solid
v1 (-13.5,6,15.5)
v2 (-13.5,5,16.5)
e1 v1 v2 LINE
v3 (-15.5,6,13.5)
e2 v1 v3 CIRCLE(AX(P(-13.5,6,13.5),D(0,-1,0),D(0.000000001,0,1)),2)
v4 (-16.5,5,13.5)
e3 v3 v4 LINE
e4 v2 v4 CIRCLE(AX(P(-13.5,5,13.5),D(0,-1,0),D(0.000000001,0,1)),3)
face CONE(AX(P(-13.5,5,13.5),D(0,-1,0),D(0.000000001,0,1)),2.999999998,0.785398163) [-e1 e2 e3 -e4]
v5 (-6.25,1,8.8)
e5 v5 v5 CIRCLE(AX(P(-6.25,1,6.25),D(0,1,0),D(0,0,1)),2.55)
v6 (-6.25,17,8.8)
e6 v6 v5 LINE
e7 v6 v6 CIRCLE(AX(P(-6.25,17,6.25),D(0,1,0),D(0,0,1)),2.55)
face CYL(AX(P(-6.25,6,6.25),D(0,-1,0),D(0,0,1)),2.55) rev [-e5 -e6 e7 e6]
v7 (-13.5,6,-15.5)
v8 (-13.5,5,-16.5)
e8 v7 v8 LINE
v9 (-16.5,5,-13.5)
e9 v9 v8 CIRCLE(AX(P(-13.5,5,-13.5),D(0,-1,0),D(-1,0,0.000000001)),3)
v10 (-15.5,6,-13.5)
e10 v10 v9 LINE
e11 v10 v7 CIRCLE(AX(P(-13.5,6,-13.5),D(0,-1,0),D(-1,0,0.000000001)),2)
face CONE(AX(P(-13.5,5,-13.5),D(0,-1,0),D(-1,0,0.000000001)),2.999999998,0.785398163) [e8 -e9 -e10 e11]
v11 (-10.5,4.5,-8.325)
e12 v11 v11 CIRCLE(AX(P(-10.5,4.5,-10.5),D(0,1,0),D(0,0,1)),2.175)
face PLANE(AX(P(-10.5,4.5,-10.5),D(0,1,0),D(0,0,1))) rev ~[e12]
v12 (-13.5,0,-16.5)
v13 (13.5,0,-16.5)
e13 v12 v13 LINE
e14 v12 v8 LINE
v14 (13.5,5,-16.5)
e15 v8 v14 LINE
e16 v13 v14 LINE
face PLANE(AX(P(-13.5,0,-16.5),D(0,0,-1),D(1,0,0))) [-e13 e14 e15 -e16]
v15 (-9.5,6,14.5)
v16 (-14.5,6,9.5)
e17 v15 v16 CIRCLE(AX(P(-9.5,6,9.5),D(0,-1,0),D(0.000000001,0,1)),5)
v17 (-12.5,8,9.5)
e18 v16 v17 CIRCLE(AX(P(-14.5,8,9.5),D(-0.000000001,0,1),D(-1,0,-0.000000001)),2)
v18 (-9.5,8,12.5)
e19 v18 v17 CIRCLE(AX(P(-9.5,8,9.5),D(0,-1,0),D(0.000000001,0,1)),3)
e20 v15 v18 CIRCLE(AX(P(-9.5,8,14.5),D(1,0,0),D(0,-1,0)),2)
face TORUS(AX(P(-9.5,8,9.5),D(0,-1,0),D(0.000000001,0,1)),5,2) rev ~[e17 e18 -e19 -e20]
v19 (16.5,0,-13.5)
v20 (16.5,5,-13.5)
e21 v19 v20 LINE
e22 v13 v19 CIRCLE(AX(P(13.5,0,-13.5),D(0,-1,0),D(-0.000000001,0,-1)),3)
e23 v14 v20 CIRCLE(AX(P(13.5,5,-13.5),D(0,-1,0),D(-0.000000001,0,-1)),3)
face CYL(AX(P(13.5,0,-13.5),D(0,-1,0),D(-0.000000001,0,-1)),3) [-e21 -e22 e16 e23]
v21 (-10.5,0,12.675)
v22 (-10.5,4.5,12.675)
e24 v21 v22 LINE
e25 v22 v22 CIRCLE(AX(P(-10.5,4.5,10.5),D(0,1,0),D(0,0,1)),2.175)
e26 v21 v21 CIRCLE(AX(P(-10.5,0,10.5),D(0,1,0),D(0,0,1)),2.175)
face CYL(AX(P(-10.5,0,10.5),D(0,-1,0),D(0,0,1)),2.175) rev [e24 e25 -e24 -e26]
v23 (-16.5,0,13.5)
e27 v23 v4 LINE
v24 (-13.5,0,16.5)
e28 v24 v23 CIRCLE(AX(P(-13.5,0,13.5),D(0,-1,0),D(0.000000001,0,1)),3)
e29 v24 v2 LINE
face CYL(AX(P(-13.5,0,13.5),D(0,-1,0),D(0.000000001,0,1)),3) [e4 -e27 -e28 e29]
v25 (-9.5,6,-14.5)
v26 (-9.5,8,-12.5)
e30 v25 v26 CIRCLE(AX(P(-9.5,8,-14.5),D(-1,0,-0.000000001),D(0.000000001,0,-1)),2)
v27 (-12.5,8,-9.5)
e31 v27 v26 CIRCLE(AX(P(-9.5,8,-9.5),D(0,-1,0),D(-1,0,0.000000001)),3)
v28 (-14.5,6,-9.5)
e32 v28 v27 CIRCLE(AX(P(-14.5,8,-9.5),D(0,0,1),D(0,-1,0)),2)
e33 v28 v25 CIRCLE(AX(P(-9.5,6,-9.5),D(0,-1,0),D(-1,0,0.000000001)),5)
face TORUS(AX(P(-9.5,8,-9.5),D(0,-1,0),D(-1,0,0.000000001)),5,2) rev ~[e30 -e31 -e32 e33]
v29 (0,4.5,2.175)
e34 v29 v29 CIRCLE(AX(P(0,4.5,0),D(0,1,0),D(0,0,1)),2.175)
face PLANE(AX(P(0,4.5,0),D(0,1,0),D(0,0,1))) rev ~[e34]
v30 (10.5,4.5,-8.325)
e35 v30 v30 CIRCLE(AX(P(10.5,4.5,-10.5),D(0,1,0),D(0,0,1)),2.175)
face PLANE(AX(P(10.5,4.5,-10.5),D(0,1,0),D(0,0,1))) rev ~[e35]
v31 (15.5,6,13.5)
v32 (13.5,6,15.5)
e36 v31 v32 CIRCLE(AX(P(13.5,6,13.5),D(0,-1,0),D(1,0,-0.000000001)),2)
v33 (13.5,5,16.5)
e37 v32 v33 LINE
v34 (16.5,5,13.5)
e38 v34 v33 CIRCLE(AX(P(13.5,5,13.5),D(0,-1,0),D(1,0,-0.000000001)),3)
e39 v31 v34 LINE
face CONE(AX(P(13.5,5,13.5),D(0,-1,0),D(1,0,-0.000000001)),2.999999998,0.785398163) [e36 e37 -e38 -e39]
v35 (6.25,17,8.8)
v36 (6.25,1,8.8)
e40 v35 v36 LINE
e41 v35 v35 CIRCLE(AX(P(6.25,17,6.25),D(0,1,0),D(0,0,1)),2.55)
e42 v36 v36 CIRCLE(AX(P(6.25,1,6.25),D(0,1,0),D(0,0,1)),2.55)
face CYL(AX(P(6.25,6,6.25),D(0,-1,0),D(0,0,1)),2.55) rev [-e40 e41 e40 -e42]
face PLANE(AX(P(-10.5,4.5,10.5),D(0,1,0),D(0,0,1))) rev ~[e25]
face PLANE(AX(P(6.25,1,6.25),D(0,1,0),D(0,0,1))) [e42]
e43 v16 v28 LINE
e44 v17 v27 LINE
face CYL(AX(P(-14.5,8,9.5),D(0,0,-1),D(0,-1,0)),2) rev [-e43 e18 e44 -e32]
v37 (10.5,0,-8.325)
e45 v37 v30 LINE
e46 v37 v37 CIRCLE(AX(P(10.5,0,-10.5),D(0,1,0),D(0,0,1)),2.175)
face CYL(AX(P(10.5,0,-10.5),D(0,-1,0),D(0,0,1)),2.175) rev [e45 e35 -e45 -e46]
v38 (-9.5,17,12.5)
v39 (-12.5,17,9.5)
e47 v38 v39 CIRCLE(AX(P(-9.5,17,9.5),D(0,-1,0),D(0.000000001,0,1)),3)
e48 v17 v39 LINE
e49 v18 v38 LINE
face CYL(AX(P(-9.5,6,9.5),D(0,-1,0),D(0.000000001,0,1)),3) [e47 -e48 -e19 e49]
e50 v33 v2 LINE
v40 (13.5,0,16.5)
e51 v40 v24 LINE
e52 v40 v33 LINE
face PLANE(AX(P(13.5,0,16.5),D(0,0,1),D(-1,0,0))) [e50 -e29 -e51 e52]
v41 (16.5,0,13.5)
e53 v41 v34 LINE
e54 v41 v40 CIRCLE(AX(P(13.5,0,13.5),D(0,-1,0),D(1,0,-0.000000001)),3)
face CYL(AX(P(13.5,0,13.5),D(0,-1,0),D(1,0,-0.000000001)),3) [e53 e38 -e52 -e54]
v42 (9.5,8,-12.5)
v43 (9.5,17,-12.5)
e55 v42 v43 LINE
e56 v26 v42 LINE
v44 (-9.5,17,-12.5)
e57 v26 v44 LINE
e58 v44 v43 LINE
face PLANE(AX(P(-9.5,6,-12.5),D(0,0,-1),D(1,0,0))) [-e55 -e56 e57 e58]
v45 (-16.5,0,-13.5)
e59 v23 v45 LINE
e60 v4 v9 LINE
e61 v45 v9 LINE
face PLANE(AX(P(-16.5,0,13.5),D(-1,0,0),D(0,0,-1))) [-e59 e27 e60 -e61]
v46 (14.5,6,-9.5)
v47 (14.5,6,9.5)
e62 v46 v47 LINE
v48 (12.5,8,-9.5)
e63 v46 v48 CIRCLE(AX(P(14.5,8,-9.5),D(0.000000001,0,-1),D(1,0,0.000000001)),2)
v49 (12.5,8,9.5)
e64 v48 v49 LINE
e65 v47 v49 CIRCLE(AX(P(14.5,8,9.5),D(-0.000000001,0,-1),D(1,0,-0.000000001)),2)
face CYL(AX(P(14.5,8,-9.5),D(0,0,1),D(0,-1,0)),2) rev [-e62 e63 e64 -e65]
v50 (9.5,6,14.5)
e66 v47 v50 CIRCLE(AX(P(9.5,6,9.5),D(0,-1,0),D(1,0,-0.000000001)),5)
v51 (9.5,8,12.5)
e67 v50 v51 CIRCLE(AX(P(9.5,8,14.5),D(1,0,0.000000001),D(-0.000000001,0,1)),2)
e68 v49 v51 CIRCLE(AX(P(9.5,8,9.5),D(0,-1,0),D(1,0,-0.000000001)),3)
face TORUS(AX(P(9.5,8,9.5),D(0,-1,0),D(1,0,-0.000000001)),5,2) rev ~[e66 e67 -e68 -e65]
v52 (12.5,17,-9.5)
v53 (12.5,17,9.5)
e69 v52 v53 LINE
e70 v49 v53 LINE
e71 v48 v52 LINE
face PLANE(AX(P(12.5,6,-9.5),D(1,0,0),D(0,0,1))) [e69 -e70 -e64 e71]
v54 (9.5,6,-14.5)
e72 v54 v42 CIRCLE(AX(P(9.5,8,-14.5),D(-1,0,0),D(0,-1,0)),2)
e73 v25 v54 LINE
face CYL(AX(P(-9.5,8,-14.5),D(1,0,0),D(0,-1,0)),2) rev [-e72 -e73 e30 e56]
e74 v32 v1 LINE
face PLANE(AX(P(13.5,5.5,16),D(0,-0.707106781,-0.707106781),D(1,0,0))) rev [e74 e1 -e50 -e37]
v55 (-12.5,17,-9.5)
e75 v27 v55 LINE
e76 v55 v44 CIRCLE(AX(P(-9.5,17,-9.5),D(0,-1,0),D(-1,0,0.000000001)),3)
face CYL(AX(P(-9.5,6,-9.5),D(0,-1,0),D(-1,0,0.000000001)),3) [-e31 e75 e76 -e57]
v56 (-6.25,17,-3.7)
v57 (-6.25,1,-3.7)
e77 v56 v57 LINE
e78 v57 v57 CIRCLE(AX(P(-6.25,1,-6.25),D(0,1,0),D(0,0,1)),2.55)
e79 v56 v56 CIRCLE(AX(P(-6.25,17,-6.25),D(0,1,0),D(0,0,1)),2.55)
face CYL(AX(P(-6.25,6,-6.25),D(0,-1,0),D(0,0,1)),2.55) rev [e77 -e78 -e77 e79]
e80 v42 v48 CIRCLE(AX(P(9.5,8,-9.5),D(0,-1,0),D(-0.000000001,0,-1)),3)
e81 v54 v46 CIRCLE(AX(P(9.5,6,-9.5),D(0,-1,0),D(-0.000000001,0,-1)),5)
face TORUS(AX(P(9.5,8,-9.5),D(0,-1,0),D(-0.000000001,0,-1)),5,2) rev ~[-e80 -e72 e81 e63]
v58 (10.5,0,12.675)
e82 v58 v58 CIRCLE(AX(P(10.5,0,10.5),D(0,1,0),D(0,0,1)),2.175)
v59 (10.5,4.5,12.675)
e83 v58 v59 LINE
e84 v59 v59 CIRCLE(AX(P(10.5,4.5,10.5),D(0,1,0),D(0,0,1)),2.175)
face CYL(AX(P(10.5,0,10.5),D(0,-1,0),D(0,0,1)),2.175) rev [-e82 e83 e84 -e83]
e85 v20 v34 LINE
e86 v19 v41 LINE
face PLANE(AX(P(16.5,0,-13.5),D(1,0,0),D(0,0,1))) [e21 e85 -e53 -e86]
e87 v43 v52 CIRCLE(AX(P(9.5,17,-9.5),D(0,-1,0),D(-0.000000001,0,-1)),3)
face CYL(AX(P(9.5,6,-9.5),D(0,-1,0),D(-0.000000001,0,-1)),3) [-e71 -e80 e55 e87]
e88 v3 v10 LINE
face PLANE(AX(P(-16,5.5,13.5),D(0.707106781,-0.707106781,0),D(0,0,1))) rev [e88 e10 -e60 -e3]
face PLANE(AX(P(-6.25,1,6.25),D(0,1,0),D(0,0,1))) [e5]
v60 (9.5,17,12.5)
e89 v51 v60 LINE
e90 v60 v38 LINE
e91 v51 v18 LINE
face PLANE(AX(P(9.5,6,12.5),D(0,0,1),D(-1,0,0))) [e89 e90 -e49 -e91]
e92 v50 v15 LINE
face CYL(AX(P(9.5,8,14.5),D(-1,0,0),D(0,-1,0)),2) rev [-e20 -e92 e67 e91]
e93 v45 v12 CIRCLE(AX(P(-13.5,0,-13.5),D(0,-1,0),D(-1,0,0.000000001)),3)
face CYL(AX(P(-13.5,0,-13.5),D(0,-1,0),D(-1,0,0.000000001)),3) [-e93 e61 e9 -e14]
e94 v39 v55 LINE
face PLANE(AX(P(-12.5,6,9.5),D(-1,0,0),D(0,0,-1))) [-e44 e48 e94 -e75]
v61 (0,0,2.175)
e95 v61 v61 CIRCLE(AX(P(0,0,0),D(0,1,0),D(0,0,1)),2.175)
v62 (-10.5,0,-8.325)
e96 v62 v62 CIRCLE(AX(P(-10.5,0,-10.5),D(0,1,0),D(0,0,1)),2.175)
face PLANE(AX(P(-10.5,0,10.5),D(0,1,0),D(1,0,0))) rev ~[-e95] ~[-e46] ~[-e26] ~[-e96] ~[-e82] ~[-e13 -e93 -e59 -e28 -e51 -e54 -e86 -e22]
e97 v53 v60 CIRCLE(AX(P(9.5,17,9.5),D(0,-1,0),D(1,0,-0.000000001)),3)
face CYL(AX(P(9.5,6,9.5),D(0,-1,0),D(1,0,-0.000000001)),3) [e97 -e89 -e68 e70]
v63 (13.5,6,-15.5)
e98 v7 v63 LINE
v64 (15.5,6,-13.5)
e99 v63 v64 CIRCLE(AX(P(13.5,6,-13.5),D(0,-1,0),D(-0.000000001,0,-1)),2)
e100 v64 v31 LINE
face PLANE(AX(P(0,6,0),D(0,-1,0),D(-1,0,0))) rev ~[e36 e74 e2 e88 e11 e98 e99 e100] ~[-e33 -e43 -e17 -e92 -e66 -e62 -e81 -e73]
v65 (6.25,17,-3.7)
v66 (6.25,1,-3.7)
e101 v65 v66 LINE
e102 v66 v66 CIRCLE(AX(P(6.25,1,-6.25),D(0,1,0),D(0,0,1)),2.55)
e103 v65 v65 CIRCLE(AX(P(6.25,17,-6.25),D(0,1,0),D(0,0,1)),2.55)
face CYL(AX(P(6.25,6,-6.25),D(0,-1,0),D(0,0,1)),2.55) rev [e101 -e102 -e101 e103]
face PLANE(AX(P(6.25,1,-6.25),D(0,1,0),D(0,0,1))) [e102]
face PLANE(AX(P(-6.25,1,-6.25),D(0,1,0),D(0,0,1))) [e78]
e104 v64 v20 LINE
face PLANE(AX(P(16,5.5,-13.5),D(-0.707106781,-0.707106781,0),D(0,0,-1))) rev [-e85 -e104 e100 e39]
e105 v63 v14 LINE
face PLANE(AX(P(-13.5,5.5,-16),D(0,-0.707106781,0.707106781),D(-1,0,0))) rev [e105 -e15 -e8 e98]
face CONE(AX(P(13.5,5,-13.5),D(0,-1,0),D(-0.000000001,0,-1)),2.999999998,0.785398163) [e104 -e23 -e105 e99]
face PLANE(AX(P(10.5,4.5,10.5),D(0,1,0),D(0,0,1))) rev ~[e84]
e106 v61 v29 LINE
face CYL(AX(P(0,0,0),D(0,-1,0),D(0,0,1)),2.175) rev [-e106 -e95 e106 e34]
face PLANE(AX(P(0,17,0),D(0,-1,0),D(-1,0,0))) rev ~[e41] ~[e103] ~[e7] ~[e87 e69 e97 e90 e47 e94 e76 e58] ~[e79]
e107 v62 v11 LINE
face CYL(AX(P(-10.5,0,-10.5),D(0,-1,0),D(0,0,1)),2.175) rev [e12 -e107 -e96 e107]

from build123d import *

# Parameters (mm, degrees)
SKETCH_1_R          = 2.175
EXTRUDE_4_DEPTH     = 6
SKETCH_1_3_R        = 2.175
CUT_EXTRUDE_3_DEPTH = 4.5
SKETCH_8_R          = 2.55
EXTRUDE_5_DEPTH     = 11
FILLET_1_R          = 2
CUT_EXTRUDE_START   = -5
SKETCH_8_2_R        = 2.55
CUT_EXTRUDE_4_DEPTH = 5
CHAMFER_1_SIZE      = 1


with BuildPart() as part:
    # 草图1 → 凸台-拉伸4 (new body)
    # profile 1 of 6: a face of its own
    with BuildSketch(Plane(origin=(0, 0, 0), x_dir=(1, 0, 0), z_dir=(0, 1, 0))):
        with BuildLine():
            Line((-13.5, 16.5), (13.5, 16.5))
            ThreePointArc((13.5, 16.5), (15.621320344, 15.621320344), (16.5, 13.5))
            Line((16.5, 13.5), (16.5, -13.5))
            ThreePointArc((16.5, -13.5), (15.621320344, -15.621320344), (13.5, -16.5))
            Line((13.5, -16.5), (-13.5, -16.5))
            ThreePointArc((-13.5, -16.5), (-15.621320344, -15.621320344), (-16.5, -13.5))
            Line((-16.5, -13.5), (-16.5, 13.5))
            ThreePointArc((-16.5, 13.5), (-15.621320344, 15.621320344), (-13.5, 16.5))
        make_face()
        with Locations((-10.5, 10.5)):
            Circle(SKETCH_1_R, mode=Mode.SUBTRACT)
        with Locations((10.5, 10.5)):
            Circle(SKETCH_1_R, mode=Mode.SUBTRACT)
        with Locations((10.5, -10.5)):
            Circle(SKETCH_1_R, mode=Mode.SUBTRACT)
        with Locations((-10.5, -10.5)):
            Circle(SKETCH_1_R, mode=Mode.SUBTRACT)
        Circle(SKETCH_1_R, mode=Mode.SUBTRACT)
    # profile 2 of 6: a face of its own
    with BuildSketch(Plane(origin=(0, 0, 0), x_dir=(1, 0, 0), z_dir=(0, 1, 0))):
        with Locations((10.5, -10.5)):
            Circle(SKETCH_1_R)
    # profile 3 of 6: a face of its own
    with BuildSketch(Plane(origin=(0, 0, 0), x_dir=(1, 0, 0), z_dir=(0, 1, 0))):
        with Locations((10.5, 10.5)):
            Circle(SKETCH_1_R)
    # profile 4 of 6: a face of its own
    with BuildSketch(Plane(origin=(0, 0, 0), x_dir=(1, 0, 0), z_dir=(0, 1, 0))):
        with Locations((-10.5, 10.5)):
            Circle(SKETCH_1_R)
    # profile 5 of 6: a face of its own
    with BuildSketch(Plane(origin=(0, 0, 0), x_dir=(1, 0, 0), z_dir=(0, 1, 0))):
        Circle(SKETCH_1_R)
    # profile 6 of 6: a face of its own
    with BuildSketch(Plane(origin=(0, 0, 0), x_dir=(1, 0, 0), z_dir=(0, 1, 0))):
        with Locations((-10.5, -10.5)):
            Circle(SKETCH_1_R)
    extrude(amount=EXTRUDE_4_DEPTH)

    # 草图1<3> → 切除-拉伸3 (cut)
    with BuildSketch(Plane(origin=(0, 0, 0), x_dir=(1, 0, 0), z_dir=(0, 1, 0))):
        with Locations(Location((10.5, -10.5, 0), (0, 0, 270))):
            Circle(SKETCH_1_3_R)
        with Locations(Location((10.5, 10.5, 0), (0, 0, 270))):
            Circle(SKETCH_1_3_R)
        with Locations(Location((-10.5, 10.5, 0), (0, 0, 270))):
            Circle(SKETCH_1_3_R)
        with Locations(Location((-10.5, -10.5, 0), (0, 0, 270))):
            Circle(SKETCH_1_3_R)
        with Locations(Location((0, 0, 0), (0, 0, 270))):
            Circle(SKETCH_1_3_R)
    extrude(amount=CUT_EXTRUDE_3_DEPTH, mode=Mode.SUBTRACT)

    # 草图8 → 凸台-拉伸5 (add)
    with BuildSketch(Plane(origin=(0, 6, 0), x_dir=(1, 0, 0), z_dir=(0, 1, 0))):
        with BuildLine():
            Line((-9.5, 12.5), (9.5, 12.5))
            ThreePointArc((9.5, 12.5), (11.621320344, 11.621320344), (12.5, 9.5))
            Line((12.5, 9.5), (12.5, -9.5))
            ThreePointArc((12.5, -9.5), (11.621320344, -11.621320344), (9.5, -12.5))
            Line((9.5, -12.5), (-9.5, -12.5))
            ThreePointArc((-9.5, -12.5), (-11.621320344, -11.621320344), (-12.5, -9.5))
            Line((-12.5, -9.5), (-12.5, 9.5))
            ThreePointArc((-12.5, 9.5), (-11.621320344, 11.621320344), (-9.5, 12.5))
        make_face()
        with Locations(Location((-6.25, 6.25, 0), (0, 0, 270))):
            Circle(SKETCH_8_R, mode=Mode.SUBTRACT)
        with Locations(Location((6.25, 6.25, 0), (0, 0, 270))):
            Circle(SKETCH_8_R, mode=Mode.SUBTRACT)
        with Locations(Location((-6.25, -6.25, 0), (0, 0, 270))):
            Circle(SKETCH_8_R, mode=Mode.SUBTRACT)
        with Locations(Location((6.25, -6.25, 0), (0, 0, 270))):
            Circle(SKETCH_8_R, mode=Mode.SUBTRACT)
    extrude(amount=EXTRUDE_5_DEPTH)

    # 圆角1
    fillet_1_edges = [part.edges().sort_by_distance(p)[0] for p in [
        (11.621320344, 6, 11.621320344),
        (12.5, 6, 0),
        (11.621320344, 6, -11.621320344),
        (0, 6, -12.5),
        (-11.621320344, 6, -11.621320344),
        (-12.5, 6, 0),
        (-11.621320344, 6, 11.621320344),
        (0, 6, 12.5),
    ]]
    fillet(fillet_1_edges, radius=FILLET_1_R)

    # 草图8<2> → 切除-拉伸4 (cut)
    with BuildSketch(Plane(origin=(0, 6, 0), x_dir=(1, 0, 0), z_dir=(0, 1, 0)).offset(CUT_EXTRUDE_START)):
        with Locations(Location((-6.25, 6.25, 0), (0, 0, 270))):
            Circle(SKETCH_8_2_R)
        with Locations(Location((6.25, 6.25, 0), (0, 0, 270))):
            Circle(SKETCH_8_2_R)
        with Locations(Location((6.25, -6.25, 0), (0, 0, 270))):
            Circle(SKETCH_8_2_R)
        with Locations(Location((-6.25, -6.25, 0), (0, 0, 270))):
            Circle(SKETCH_8_2_R)
    extrude(amount=CUT_EXTRUDE_4_DEPTH, mode=Mode.SUBTRACT)

    # 倒角1
    chamfer_1_edges = [part.edges().sort_by_distance(p)[0] for p in [
        (-16.5, 6, 0),
        (-15.621320344, 6, 15.621320344),
        (0, 6, 16.5),
        (15.621320344, 6, 15.621320344),
        (16.5, 6, 0),
        (15.621320344, 6, -15.621320344),
        (0, 6, -16.5),
        (-15.621320344, 6, -15.621320344),
    ]]
    chamfer(chamfer_1_edges, length=CHAMFER_1_SIZE)


solid = part.part
